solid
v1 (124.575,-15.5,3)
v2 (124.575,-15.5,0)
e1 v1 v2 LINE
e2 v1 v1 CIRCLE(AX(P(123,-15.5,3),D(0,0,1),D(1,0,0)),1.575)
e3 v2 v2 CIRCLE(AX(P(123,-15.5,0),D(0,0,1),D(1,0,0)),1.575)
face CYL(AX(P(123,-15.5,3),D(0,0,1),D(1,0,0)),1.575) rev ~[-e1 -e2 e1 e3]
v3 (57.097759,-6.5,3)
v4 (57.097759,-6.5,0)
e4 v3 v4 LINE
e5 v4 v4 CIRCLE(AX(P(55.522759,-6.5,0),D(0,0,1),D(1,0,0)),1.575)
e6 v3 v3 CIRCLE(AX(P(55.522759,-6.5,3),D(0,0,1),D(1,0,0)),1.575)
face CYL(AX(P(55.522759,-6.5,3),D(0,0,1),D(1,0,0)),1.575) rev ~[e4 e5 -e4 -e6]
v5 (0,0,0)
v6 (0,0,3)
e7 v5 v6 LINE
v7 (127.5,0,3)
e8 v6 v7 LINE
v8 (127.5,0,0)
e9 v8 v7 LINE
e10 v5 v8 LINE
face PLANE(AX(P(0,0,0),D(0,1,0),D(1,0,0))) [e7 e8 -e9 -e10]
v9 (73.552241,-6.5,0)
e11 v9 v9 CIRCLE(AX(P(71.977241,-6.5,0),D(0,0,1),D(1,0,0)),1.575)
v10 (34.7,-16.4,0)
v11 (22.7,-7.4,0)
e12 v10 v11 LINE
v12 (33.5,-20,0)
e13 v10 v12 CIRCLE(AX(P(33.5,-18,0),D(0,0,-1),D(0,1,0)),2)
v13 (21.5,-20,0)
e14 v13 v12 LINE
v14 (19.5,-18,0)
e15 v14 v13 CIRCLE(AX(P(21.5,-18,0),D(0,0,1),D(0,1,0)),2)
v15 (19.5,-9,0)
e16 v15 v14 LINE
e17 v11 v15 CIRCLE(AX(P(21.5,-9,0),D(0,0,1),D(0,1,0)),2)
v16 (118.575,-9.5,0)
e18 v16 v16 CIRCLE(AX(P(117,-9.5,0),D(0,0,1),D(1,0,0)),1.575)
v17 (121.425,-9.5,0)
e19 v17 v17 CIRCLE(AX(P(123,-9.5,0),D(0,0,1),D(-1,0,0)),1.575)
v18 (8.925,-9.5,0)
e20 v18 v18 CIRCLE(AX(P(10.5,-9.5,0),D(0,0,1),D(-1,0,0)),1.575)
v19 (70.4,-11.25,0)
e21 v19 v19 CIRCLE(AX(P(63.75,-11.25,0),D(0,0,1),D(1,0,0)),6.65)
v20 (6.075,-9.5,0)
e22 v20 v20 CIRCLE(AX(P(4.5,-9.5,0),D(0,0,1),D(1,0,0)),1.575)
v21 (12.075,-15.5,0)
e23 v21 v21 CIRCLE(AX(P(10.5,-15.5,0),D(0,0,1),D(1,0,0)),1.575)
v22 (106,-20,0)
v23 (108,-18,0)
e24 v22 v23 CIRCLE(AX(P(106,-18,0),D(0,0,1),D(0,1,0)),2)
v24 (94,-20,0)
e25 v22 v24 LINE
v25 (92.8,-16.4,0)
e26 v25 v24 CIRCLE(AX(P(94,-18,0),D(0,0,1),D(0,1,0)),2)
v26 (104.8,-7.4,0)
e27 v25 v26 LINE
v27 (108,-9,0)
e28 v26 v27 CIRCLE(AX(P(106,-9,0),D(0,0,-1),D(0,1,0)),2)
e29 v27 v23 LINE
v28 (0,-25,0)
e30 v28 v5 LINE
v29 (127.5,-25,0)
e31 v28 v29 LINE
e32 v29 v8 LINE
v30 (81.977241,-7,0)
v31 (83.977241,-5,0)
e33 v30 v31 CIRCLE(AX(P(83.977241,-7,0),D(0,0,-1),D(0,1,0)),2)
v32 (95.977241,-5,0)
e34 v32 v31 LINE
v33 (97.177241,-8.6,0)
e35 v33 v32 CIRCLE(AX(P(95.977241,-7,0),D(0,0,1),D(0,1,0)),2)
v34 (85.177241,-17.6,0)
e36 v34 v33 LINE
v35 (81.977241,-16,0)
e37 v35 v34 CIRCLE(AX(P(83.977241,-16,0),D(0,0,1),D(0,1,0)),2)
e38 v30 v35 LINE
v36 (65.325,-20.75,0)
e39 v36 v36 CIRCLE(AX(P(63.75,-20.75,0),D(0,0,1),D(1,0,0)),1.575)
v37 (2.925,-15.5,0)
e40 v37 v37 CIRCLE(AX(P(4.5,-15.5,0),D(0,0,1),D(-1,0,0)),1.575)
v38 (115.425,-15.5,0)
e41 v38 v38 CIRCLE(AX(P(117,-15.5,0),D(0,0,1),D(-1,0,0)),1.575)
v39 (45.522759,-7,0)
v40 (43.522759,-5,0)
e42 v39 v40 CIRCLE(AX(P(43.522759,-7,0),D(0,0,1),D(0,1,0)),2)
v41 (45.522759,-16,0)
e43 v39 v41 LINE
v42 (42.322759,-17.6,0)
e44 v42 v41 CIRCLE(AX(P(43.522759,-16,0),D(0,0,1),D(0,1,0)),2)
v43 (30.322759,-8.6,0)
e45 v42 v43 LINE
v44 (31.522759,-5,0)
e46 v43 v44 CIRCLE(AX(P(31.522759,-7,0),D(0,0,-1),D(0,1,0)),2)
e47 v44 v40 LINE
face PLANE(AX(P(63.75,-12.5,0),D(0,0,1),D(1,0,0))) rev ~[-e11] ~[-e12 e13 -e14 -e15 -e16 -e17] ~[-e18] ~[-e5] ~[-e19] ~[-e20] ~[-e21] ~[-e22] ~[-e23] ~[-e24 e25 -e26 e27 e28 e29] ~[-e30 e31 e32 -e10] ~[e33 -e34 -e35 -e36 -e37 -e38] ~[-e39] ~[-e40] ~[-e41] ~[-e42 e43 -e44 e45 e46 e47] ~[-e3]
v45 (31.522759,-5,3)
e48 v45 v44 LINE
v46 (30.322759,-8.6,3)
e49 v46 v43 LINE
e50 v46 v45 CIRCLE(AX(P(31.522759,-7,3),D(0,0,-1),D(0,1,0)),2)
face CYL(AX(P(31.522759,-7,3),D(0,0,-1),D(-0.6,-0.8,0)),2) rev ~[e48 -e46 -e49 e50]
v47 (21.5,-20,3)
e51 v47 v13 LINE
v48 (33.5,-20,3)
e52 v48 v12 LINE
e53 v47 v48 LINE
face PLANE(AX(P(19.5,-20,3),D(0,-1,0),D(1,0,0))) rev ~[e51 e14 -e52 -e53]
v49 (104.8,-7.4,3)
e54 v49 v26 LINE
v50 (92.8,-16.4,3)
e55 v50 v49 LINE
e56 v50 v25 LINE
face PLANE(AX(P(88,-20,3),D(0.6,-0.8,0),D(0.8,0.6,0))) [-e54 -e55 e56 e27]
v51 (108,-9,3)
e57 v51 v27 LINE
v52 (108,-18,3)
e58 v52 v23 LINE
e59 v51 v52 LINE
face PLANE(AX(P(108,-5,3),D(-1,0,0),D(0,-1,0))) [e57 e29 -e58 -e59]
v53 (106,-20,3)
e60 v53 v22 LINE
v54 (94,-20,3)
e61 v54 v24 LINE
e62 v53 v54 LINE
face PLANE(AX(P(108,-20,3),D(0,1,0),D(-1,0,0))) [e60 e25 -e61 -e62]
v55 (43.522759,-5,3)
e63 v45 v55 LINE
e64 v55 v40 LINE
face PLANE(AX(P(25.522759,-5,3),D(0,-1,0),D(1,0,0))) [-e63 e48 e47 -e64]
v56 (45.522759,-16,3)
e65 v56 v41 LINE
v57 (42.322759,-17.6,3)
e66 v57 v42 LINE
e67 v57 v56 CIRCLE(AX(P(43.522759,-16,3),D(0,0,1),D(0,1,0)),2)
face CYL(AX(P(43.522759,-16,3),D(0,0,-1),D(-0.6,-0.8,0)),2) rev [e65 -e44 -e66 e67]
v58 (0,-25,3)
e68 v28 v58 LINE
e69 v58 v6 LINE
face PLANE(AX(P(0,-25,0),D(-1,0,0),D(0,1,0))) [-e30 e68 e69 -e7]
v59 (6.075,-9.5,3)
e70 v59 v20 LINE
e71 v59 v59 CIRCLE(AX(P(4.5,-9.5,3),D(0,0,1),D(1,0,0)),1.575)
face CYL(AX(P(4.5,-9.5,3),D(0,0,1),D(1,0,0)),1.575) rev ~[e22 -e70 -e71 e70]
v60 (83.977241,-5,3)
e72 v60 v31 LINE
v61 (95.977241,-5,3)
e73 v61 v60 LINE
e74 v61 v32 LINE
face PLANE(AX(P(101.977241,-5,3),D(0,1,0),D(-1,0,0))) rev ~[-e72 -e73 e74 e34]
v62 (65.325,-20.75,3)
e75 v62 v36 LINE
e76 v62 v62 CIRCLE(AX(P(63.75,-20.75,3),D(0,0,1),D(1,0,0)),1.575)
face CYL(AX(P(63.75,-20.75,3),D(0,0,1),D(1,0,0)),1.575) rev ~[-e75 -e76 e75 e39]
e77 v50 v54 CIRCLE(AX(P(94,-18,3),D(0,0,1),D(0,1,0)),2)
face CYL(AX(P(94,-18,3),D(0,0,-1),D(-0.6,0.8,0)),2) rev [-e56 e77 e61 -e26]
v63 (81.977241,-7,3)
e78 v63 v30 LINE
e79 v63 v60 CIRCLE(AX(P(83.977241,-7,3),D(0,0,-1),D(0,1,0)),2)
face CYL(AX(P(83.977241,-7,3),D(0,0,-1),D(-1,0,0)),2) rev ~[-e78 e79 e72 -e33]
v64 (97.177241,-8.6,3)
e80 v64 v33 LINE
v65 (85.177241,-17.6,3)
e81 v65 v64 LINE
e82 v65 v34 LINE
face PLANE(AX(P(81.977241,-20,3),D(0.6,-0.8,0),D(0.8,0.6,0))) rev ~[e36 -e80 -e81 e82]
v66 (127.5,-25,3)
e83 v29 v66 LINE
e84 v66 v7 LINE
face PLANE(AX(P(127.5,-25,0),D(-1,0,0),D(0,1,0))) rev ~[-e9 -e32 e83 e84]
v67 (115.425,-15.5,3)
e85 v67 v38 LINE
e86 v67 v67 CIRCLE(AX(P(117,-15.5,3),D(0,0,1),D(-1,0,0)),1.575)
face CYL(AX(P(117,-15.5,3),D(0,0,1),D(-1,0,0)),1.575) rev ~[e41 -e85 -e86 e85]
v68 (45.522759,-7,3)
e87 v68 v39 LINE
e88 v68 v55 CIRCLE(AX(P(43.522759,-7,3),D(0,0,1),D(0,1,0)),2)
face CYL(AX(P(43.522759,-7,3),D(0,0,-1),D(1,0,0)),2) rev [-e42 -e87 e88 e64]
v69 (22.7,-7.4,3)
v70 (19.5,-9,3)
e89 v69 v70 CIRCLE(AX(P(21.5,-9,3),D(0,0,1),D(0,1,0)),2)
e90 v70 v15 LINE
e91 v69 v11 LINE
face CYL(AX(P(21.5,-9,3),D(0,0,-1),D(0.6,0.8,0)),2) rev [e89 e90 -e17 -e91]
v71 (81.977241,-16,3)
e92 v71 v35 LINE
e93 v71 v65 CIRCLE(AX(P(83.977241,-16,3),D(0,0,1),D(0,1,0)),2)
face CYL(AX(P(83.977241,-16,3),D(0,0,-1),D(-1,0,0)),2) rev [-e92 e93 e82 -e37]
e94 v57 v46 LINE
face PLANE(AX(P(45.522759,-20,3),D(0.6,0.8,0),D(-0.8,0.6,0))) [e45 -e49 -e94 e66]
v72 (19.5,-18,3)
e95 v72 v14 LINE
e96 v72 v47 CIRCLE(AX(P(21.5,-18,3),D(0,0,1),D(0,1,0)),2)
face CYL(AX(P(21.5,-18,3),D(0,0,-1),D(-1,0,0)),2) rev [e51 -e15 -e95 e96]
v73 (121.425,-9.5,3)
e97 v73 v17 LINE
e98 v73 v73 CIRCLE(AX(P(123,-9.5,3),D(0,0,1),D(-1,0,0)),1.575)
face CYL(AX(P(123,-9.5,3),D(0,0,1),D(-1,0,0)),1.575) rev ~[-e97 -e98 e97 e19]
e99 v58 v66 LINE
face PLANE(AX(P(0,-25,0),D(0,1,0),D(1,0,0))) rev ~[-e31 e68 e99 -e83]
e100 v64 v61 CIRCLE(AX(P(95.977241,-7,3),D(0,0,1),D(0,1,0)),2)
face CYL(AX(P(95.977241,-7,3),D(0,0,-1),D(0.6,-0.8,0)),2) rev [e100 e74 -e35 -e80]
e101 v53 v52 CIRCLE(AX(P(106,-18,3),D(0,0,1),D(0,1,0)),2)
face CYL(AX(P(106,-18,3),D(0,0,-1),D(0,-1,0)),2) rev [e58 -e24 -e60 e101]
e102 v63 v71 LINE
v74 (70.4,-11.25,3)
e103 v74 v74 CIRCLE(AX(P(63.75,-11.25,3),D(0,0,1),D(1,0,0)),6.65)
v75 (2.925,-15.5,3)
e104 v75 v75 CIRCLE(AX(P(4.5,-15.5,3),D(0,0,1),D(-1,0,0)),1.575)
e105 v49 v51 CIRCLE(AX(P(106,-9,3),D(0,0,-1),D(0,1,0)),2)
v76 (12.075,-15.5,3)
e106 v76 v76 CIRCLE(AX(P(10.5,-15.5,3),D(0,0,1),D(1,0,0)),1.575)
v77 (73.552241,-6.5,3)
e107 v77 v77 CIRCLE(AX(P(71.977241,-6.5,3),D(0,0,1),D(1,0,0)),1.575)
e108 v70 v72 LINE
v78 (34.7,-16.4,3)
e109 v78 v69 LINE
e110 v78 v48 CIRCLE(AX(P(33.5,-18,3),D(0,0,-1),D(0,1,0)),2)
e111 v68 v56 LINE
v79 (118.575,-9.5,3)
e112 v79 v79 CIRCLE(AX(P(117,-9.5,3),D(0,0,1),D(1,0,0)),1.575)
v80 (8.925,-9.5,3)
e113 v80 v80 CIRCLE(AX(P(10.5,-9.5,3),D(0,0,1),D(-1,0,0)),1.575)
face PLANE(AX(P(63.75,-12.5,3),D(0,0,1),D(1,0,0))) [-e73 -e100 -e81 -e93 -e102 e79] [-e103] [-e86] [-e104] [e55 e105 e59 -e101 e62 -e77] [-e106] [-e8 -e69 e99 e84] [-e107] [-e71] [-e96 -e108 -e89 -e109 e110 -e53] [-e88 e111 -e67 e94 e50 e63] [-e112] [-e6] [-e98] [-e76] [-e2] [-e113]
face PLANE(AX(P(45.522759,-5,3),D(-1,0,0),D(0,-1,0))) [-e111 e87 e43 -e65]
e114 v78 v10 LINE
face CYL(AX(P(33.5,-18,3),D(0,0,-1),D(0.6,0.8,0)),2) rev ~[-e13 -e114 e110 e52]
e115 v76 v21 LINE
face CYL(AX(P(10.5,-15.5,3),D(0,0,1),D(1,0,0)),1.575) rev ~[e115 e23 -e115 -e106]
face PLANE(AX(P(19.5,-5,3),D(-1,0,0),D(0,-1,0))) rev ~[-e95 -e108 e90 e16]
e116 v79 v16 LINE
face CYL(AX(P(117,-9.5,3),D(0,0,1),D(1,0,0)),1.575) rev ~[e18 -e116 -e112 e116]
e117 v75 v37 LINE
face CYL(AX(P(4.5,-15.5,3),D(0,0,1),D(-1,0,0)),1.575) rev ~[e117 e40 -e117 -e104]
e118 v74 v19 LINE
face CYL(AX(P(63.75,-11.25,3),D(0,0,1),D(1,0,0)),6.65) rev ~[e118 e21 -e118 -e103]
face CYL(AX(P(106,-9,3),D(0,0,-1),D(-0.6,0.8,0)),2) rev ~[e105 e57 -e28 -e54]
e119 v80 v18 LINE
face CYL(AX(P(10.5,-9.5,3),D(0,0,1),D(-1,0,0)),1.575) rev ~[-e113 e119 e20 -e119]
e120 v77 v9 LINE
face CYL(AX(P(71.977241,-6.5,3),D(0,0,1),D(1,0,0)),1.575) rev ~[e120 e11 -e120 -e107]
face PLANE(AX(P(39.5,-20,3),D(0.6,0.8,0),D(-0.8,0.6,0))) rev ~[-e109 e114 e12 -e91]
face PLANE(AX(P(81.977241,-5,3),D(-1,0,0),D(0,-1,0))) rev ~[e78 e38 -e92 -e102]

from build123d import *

# Parameters (mm, degrees)
SKETCH_1_W          = 127.5
SKETCH_1_H          = 25
EXTRUDE_1_DEPTH     = 3
SKETCH_2_R          = 1.575
SKETCH_2_R_2        = 6.65
CUT_EXTRUDE_1_DEPTH = 130.96249459
FILLET_1_R          = 2


with BuildPart() as part:
    # 草图1 → 凸台-拉伸1 (new body)
    with BuildSketch(Plane.XY):
        with Locations((63.75, -12.5)):
            Rectangle(SKETCH_1_W, SKETCH_1_H)
    extrude(amount=EXTRUDE_1_DEPTH)

    # 草图2 → 切除-拉伸1 (cut, through all)
    with BuildSketch(Plane.XY.offset(3)):
        with Locations((4.5, -9.5)):
            Circle(SKETCH_2_R)
        with Locations(Location((10.5, -9.5, 0), (0, 0, 180))):
            Circle(SKETCH_2_R)
        with Locations((10.5, -15.5)):
            Circle(SKETCH_2_R)
        with Locations(Location((4.5, -15.5, 0), (0, 0, 180))):
            Circle(SKETCH_2_R)
        with Locations((123, -15.5)):
            Circle(SKETCH_2_R)
        with Locations(Location((117, -15.5, 0), (0, 0, 180))):
            Circle(SKETCH_2_R)
        with Locations((117, -9.5)):
            Circle(SKETCH_2_R)
        with Locations(Location((123, -9.5, 0), (0, 0, 180))):
            Circle(SKETCH_2_R)
        with Locations((63.75, -11.25)):
            Circle(SKETCH_2_R_2)
        with Locations((55.522758664, -6.5)):
            Circle(SKETCH_2_R)
        with Locations((71.977241336, -6.5)):
            Circle(SKETCH_2_R)
        with Locations((63.75, -20.75)):
            Circle(SKETCH_2_R)
        Polygon((108, -5), (108, -20), (88, -20), align=None)
        Polygon((81.977241336, -5), (81.977241336, -20), (101.977241336, -5), align=None)
        Polygon((25.522758664, -5), (45.522758664, -5), (45.522758664, -20), align=None)
        Polygon((39.5, -20), (19.5, -5), (19.5, -20), align=None)
    extrude(amount=-CUT_EXTRUDE_1_DEPTH, mode=Mode.SUBTRACT)

    # 圆角1
    fillet_1_edges = [part.edges().sort_by_distance(p)[0] for p in [
        (45.522758664, -20, 1.5),
        (25.522758664, -5, 1.5),
        (45.522758664, -5, 1.5),
        (39.5, -20, 1.5),
        (19.5, -20, 1.5),
        (19.5, -5, 1.5),
        (81.977241336, -5, 1.5),
        (101.977241336, -5, 1.5),
        (81.977241336, -20, 1.5),
        (88, -20, 1.5),
        (108, -5, 1.5),
        (108, -20, 1.5),
    ]]
    fillet(fillet_1_edges, radius=FILLET_1_R)


solid = part.part
